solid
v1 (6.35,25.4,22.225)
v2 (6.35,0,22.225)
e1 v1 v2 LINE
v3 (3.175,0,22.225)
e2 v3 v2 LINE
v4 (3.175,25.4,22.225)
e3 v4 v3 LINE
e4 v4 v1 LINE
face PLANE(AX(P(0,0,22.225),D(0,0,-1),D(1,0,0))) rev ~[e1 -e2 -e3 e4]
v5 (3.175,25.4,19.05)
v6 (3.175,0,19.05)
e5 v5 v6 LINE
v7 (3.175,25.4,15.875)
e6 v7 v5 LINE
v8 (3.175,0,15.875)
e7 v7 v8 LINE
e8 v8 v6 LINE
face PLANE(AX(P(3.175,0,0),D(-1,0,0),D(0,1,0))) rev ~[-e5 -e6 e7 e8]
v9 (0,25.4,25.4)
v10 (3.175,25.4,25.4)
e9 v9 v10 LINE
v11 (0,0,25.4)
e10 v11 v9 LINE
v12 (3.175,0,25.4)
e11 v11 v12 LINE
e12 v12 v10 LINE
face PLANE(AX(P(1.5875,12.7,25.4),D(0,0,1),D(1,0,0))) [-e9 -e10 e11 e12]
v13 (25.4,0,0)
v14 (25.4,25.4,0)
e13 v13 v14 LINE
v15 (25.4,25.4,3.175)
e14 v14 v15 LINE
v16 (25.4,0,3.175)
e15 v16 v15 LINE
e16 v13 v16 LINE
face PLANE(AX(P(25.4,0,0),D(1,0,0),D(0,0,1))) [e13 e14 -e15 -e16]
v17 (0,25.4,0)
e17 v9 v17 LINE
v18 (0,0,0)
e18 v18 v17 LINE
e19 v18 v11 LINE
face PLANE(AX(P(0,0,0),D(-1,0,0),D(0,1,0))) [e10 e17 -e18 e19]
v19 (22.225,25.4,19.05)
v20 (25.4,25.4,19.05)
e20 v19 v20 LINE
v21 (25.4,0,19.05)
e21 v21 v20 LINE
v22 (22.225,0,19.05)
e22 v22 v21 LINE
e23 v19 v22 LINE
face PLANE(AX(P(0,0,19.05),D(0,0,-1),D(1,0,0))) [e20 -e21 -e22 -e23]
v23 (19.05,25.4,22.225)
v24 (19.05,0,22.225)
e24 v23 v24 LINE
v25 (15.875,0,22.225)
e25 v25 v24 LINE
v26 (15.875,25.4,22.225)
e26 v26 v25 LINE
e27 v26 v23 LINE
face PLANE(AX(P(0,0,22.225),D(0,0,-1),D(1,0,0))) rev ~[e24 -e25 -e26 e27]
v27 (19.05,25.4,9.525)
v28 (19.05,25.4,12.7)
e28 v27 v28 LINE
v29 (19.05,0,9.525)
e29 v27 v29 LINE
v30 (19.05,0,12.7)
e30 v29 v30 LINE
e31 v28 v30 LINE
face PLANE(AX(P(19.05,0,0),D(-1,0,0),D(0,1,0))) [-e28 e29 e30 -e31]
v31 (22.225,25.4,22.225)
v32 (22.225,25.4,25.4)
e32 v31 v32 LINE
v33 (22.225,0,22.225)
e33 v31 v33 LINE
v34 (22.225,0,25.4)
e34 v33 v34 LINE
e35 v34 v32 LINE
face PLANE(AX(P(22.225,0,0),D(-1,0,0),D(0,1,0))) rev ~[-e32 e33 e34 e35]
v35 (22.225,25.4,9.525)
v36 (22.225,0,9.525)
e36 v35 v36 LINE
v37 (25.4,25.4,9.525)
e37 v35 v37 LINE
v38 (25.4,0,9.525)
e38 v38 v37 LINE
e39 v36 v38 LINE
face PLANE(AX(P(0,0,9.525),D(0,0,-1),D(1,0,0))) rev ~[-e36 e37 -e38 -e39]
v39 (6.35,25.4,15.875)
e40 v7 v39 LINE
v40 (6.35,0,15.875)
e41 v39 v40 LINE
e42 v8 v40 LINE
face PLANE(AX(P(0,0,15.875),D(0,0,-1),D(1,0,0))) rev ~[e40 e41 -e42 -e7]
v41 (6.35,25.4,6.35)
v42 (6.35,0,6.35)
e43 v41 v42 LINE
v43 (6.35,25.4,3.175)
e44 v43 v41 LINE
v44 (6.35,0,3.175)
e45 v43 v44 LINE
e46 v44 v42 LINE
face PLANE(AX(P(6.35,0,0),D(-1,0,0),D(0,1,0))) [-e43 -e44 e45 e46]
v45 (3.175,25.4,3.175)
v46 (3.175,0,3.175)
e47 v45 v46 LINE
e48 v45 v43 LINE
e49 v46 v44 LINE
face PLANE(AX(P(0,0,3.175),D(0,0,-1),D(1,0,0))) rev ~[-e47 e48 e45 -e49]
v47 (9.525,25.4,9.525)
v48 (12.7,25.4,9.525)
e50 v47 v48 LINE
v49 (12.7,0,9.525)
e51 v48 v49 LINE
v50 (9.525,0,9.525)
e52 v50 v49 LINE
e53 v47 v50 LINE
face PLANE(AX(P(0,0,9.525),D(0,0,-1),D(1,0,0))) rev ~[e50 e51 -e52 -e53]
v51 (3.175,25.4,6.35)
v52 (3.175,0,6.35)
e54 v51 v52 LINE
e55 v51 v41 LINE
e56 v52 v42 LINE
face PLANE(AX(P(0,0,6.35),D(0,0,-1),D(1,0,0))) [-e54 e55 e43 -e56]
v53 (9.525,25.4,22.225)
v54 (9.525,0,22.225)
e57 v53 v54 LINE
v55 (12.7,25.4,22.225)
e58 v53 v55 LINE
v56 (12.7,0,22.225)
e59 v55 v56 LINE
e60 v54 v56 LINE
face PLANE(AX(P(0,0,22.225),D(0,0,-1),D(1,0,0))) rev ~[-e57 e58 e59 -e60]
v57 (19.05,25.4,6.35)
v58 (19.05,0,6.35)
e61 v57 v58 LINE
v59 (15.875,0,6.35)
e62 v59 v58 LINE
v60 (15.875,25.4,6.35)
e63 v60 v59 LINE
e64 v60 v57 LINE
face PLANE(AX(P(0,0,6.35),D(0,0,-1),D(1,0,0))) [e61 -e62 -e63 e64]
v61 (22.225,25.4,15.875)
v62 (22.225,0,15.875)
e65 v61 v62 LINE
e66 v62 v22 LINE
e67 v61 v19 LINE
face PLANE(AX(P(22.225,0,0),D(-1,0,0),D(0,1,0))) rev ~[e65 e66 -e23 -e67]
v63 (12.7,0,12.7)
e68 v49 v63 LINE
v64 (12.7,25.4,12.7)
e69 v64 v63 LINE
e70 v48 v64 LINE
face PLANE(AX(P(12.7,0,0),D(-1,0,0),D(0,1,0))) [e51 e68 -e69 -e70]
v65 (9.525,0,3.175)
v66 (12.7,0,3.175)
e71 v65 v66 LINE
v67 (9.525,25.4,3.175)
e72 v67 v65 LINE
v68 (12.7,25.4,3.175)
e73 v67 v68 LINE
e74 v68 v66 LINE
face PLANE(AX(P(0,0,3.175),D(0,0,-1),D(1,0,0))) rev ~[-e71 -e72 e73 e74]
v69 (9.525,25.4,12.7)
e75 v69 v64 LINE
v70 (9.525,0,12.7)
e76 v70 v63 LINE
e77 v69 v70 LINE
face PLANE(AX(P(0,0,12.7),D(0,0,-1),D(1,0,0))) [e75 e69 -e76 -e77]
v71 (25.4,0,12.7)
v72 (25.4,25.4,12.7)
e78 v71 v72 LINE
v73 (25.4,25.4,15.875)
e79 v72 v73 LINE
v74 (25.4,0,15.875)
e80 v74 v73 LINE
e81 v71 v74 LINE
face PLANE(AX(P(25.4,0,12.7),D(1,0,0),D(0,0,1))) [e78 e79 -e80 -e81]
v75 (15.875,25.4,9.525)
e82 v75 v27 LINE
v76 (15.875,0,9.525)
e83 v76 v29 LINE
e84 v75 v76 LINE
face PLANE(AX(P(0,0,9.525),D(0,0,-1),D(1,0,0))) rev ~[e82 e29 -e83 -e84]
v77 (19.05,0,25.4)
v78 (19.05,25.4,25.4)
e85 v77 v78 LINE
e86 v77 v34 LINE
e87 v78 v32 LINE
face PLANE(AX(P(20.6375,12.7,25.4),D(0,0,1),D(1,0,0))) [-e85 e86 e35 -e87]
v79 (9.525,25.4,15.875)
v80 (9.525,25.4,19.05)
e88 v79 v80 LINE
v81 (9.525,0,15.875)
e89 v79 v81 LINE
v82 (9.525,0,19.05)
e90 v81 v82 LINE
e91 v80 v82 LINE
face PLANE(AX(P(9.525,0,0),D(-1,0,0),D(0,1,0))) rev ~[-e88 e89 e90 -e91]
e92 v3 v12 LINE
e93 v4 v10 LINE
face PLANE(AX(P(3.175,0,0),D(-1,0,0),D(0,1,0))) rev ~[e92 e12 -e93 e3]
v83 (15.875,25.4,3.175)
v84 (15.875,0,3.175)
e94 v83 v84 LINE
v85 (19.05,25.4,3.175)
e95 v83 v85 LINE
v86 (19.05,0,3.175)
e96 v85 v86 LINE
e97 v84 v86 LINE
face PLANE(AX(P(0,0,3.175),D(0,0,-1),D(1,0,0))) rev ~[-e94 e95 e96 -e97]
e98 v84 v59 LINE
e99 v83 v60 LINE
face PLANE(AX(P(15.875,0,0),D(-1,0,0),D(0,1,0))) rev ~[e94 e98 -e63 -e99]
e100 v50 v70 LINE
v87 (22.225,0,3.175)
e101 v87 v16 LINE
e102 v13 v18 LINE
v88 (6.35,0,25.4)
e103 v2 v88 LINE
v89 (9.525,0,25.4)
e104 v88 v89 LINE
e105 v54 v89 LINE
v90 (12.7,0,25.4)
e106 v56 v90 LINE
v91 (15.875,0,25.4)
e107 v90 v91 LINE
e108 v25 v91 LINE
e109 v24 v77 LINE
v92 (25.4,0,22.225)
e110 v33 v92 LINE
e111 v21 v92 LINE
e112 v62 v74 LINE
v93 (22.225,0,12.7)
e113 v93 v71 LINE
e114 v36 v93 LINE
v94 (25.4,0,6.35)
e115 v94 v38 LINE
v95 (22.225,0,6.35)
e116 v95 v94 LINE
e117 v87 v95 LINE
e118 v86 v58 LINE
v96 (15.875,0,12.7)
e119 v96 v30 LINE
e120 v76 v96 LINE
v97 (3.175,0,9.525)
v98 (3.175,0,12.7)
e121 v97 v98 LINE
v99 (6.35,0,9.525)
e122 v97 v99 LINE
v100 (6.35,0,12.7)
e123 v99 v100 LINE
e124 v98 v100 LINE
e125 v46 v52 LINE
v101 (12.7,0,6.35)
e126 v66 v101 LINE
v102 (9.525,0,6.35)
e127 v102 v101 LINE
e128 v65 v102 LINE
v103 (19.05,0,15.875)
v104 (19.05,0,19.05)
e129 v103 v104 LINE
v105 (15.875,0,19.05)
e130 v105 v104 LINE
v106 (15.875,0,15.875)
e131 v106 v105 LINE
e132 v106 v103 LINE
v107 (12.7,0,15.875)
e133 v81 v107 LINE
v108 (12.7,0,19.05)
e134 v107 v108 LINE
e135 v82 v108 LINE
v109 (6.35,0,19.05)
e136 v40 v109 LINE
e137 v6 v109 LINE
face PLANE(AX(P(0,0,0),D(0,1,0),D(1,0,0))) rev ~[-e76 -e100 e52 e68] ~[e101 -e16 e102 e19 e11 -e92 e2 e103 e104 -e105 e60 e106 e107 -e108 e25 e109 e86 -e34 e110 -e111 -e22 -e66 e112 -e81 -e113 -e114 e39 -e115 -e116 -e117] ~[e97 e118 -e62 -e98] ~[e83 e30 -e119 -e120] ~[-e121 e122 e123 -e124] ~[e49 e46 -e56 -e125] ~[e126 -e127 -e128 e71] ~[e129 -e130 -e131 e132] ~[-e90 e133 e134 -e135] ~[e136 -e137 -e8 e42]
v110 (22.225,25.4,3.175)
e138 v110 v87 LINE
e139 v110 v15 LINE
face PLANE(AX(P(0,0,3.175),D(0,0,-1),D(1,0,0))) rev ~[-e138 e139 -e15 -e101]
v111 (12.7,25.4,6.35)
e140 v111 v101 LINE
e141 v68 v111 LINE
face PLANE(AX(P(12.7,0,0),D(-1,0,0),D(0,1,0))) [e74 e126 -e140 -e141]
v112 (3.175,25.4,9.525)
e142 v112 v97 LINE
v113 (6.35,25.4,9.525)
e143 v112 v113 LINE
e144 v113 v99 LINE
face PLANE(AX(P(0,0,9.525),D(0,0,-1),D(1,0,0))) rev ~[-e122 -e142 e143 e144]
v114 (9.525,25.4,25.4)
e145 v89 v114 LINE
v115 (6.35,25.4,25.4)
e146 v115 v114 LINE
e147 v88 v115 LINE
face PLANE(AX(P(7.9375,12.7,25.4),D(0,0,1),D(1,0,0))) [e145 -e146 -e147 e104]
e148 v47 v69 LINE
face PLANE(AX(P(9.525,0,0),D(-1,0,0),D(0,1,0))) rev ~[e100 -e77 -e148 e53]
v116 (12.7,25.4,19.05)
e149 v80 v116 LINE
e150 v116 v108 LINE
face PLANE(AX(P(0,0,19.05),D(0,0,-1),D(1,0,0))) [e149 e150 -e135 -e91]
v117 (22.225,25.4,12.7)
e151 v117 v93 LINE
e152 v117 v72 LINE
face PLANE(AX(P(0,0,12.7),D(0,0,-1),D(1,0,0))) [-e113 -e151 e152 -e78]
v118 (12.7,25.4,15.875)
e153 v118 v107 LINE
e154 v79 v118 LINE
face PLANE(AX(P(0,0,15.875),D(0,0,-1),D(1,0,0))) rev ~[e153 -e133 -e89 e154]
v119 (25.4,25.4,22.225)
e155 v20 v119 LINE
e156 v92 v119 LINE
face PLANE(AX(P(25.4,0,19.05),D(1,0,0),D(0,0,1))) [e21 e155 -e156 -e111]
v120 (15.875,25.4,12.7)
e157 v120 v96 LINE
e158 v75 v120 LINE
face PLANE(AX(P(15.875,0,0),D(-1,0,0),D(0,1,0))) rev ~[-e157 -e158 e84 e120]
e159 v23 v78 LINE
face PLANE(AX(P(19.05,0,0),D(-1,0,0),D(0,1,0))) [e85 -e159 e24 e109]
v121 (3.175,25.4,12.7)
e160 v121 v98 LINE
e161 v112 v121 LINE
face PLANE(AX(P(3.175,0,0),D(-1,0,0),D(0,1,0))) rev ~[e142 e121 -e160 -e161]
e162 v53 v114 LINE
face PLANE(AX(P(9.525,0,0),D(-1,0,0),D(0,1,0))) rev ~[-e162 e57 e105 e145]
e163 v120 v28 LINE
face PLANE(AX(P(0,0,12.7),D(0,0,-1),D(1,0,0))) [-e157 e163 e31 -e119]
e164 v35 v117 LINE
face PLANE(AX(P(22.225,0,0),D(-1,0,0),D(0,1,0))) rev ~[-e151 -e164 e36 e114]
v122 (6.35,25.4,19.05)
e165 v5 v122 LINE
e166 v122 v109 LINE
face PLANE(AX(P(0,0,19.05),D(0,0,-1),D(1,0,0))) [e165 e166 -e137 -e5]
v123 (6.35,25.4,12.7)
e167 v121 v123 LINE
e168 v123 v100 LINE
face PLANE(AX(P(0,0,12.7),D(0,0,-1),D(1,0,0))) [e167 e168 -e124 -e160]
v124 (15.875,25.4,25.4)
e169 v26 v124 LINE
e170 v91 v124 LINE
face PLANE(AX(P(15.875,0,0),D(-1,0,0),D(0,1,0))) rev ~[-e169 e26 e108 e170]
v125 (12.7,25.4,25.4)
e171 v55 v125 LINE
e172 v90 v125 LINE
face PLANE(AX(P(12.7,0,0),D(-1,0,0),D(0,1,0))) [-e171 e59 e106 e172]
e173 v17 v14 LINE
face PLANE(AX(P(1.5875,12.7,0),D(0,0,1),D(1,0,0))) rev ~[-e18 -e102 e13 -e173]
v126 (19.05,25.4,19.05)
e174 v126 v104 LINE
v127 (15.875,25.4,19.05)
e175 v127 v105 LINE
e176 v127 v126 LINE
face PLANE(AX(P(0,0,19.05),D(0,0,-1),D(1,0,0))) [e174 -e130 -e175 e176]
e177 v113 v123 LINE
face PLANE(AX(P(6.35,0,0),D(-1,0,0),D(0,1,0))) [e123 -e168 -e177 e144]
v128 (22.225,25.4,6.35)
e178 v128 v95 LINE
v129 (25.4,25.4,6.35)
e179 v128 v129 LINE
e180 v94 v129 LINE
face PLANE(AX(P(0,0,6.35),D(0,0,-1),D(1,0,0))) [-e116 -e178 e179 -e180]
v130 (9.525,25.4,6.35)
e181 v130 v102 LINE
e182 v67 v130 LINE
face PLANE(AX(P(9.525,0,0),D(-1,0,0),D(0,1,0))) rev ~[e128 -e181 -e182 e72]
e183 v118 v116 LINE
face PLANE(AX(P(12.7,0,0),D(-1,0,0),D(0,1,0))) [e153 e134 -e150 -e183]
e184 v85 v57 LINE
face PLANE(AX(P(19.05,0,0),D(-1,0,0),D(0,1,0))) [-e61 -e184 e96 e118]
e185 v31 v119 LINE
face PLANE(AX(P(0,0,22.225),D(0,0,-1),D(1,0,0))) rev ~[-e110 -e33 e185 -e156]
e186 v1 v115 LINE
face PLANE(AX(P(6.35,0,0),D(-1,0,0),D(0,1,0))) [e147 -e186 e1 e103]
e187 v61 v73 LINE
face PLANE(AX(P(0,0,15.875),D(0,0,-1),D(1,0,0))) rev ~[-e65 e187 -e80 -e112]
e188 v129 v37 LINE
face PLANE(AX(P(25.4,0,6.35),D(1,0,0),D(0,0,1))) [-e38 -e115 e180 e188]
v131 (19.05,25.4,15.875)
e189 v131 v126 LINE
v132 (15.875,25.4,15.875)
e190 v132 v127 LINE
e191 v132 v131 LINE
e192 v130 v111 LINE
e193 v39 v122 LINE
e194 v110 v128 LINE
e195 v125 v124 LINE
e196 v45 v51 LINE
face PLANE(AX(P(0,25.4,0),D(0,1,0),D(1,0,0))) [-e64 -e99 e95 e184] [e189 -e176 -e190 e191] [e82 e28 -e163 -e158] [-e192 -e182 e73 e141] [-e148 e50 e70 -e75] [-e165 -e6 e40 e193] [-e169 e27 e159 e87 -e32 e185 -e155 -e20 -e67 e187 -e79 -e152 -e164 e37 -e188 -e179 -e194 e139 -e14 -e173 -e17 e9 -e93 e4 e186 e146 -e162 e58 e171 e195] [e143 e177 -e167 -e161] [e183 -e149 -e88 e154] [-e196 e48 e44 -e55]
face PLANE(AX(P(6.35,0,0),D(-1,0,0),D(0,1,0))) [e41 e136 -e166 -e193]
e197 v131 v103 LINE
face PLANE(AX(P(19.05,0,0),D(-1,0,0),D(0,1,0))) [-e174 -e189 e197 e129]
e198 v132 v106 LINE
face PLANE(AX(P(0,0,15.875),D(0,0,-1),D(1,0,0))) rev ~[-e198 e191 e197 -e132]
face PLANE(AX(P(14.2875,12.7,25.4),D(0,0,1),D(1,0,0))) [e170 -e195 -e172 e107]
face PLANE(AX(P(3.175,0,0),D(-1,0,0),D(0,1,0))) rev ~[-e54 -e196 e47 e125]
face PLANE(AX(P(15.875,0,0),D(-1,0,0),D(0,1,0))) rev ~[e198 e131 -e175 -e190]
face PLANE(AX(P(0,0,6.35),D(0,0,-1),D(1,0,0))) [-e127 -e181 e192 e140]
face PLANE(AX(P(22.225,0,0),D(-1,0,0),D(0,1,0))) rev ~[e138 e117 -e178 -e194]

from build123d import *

# Parameters (mm, degrees)
F0_W     = 3.175
F0_H     = 25.4
F1_DEPTH = 25.4
F2_W     = 25.4
F2_H     = 3.175
F3_DEPTH = 25.4


with BuildPart() as f1:
    # F0 (on Top) → F1 (new body)
    with BuildSketch(Plane.XY):
        with Locations((1.5875, 12.7)):
            Rectangle(F0_W, F0_H)
        with Locations((7.9375, 12.7)):
            Rectangle(F0_W, F0_H)
        with Locations((14.2875, 12.7)):
            Rectangle(F0_W, F0_H)
        with Locations((20.6375, 12.7)):
            Rectangle(F0_W, F0_H)
    extrude(amount=F1_DEPTH)

    # F2 (on Front) → F3 (join)
    with BuildSketch(Plane.XZ):
        with Locations((12.7, 1.5875)):
            Rectangle(F2_W, F2_H)
        with Locations((12.7, 7.9375)):
            Rectangle(F2_W, F2_H)
        with Locations((12.7, 14.2875)):
            Rectangle(F2_W, F2_H)
        with Locations((12.7, 20.6375)):
            Rectangle(F2_W, F2_H)
    extrude(amount=-F3_DEPTH)


solid = f1.part
